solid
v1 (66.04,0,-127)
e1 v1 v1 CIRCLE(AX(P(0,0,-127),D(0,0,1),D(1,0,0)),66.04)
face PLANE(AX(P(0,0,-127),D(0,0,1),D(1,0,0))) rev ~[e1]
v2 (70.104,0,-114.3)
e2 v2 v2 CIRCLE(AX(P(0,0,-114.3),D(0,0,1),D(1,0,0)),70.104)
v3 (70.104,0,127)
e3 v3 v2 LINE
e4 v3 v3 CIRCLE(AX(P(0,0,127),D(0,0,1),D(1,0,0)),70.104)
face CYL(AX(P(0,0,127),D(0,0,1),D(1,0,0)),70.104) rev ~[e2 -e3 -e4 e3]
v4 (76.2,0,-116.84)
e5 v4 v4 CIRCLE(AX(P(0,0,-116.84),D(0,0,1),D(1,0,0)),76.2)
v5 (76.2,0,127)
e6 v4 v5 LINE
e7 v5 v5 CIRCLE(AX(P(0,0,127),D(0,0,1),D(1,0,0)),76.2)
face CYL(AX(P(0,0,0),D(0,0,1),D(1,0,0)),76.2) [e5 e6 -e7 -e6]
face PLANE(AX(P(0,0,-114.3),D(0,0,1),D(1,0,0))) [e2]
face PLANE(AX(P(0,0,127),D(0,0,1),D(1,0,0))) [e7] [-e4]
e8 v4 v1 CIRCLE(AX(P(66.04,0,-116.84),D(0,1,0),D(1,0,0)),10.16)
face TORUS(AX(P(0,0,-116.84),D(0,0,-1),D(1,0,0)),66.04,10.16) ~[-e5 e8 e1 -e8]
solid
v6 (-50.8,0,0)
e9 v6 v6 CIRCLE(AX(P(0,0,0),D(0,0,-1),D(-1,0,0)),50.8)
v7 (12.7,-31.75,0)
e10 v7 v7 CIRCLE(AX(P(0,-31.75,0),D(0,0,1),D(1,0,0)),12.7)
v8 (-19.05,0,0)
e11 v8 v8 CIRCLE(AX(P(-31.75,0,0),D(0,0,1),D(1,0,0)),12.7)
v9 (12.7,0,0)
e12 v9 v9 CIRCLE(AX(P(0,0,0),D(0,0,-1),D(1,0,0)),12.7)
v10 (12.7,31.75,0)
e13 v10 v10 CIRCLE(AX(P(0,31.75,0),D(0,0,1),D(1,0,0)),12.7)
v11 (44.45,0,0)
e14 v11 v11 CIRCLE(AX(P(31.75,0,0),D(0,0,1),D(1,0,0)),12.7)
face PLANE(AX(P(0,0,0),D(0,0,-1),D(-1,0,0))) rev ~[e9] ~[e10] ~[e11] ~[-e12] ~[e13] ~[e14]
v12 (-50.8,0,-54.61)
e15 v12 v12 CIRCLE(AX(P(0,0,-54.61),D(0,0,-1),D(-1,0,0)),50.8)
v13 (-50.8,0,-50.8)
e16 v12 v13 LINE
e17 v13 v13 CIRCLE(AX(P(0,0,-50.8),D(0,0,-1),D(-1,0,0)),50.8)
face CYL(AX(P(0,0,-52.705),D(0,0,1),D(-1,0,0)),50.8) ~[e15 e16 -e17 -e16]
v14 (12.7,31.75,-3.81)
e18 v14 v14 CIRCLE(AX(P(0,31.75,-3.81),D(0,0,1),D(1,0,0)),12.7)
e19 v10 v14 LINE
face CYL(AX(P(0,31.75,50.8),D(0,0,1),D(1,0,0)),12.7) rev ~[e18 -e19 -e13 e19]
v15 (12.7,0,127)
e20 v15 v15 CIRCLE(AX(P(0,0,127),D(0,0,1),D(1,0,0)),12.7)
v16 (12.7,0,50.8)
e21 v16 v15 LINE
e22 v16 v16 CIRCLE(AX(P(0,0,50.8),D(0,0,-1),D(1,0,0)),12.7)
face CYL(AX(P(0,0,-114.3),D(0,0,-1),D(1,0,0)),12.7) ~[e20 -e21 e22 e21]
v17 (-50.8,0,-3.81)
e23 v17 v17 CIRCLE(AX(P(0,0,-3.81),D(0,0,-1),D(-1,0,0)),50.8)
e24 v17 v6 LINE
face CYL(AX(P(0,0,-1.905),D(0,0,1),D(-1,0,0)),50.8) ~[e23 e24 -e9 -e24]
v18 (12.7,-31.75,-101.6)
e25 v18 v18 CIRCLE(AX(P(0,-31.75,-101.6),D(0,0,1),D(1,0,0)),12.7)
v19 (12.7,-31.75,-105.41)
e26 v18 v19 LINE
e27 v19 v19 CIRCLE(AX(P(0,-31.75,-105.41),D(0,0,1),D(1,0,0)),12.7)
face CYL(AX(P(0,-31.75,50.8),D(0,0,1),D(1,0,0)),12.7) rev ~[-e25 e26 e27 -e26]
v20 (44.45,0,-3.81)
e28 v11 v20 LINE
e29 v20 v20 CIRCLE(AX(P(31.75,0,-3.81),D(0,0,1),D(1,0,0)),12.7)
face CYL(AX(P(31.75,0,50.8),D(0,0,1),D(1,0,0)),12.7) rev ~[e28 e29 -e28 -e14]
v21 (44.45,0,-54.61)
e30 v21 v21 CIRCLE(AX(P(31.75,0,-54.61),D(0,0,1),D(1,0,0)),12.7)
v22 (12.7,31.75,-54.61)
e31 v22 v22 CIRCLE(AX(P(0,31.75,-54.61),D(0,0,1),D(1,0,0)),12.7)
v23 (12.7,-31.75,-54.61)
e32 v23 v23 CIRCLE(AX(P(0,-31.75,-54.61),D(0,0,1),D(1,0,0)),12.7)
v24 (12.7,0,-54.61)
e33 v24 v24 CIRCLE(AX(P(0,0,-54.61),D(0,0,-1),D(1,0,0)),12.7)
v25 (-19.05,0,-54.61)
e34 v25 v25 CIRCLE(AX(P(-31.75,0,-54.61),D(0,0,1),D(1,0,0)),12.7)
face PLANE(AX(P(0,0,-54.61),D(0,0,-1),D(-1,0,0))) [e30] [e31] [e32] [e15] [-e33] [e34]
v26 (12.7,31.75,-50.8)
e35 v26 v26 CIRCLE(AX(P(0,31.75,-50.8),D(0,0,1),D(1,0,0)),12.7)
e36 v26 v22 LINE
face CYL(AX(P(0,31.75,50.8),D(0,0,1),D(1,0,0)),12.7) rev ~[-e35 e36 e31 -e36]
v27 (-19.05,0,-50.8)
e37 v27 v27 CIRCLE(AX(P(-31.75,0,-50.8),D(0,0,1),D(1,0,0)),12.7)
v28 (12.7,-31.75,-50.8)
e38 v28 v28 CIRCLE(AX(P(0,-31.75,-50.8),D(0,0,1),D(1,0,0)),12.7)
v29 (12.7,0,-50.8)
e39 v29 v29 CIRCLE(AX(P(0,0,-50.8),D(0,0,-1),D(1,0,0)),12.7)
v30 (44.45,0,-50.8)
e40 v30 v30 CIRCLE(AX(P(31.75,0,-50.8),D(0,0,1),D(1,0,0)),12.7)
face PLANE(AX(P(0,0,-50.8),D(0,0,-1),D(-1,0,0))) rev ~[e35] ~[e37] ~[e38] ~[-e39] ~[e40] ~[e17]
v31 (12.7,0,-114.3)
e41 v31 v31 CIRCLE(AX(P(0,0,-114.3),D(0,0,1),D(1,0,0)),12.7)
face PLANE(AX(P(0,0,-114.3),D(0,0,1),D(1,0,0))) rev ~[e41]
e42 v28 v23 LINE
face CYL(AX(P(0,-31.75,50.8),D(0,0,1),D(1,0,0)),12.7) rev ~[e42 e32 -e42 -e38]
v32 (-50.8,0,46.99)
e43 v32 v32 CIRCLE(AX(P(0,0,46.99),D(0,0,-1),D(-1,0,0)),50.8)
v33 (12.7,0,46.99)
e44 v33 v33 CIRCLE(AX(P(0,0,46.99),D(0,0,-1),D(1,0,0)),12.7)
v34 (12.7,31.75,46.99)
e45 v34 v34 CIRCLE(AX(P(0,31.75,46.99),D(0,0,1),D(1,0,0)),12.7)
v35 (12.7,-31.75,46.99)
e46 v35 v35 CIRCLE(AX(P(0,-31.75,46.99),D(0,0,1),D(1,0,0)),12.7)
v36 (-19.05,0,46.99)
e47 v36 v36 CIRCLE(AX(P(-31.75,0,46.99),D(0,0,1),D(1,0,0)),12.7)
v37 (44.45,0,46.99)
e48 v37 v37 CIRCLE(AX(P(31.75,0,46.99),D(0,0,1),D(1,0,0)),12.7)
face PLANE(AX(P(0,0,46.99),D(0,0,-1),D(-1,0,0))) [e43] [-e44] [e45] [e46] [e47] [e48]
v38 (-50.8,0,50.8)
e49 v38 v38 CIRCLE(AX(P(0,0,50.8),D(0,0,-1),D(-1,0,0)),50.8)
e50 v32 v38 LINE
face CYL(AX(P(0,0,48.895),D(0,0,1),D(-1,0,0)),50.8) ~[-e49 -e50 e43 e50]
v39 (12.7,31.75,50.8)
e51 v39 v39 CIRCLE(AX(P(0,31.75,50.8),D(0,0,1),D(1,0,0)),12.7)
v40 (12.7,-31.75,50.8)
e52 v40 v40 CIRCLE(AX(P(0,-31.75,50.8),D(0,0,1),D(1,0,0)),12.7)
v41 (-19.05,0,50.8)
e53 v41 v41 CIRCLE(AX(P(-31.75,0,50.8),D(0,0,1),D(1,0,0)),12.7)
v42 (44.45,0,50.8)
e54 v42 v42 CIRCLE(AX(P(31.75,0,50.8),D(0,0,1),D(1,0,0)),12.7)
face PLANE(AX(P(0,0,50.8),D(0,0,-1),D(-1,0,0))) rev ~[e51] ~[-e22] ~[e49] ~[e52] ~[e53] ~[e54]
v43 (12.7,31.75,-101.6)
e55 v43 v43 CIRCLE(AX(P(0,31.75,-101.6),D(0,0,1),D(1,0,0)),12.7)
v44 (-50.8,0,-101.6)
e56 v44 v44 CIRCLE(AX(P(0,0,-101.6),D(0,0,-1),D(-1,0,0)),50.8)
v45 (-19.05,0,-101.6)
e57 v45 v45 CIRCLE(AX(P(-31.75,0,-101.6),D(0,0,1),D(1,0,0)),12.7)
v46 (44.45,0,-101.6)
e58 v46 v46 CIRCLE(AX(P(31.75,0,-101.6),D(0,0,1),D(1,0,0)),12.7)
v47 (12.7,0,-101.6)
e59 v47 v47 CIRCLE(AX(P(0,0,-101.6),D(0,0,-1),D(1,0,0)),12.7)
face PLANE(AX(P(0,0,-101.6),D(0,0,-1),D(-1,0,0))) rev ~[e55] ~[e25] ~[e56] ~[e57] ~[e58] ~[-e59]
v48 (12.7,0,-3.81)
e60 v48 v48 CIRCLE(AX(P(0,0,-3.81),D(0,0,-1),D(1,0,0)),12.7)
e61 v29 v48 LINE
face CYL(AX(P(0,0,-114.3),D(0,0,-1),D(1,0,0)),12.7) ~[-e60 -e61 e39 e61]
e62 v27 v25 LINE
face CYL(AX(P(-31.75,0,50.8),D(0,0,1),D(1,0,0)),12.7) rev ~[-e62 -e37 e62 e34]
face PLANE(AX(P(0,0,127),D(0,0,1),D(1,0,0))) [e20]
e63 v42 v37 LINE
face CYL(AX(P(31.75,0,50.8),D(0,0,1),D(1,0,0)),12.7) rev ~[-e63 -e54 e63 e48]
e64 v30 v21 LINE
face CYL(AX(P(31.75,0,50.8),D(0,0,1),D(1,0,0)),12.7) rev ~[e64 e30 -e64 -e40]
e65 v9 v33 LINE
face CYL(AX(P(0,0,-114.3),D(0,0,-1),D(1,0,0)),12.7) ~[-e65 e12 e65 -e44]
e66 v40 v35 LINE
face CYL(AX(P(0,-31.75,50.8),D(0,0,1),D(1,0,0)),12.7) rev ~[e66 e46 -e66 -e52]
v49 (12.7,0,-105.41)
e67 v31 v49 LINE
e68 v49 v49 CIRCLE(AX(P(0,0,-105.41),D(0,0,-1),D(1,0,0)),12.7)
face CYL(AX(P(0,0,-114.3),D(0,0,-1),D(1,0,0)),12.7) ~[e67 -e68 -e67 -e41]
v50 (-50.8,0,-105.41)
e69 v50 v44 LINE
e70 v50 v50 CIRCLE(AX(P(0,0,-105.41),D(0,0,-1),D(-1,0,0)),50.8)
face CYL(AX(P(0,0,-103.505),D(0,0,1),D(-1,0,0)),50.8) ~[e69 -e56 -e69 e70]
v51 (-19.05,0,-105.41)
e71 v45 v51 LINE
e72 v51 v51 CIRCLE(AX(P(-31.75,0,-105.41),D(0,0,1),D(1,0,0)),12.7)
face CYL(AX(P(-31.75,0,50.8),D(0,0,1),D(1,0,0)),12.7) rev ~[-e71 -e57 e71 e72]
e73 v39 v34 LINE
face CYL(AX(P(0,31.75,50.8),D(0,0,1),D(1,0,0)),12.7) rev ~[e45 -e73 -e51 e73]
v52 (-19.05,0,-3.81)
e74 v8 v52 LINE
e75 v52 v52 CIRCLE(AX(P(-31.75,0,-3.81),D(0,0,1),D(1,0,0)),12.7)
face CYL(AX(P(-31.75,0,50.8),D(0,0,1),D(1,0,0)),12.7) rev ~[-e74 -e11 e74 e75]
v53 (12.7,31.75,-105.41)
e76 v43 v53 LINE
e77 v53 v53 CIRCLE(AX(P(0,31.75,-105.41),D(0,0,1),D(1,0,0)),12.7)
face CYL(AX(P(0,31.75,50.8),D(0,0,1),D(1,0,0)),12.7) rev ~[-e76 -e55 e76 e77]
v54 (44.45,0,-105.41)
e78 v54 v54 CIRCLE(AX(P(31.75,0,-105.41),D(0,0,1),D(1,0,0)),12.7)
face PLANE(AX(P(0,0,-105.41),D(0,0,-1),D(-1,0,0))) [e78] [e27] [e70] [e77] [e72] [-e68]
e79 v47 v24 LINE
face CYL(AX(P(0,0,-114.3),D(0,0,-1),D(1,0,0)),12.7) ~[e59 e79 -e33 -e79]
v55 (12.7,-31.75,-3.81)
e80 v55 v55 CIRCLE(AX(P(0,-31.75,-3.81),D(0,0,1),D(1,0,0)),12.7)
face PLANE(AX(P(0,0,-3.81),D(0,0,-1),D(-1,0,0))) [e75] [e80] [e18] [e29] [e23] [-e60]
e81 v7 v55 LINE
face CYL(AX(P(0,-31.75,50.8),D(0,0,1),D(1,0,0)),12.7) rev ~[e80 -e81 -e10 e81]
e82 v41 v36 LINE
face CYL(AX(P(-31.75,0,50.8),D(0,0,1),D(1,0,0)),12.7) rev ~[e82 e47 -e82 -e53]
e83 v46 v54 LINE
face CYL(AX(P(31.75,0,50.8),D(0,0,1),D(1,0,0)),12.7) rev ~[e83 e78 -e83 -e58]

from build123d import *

# Parameters (mm, degrees)
F0_R      = 76.2
F1_DEPTH  = 127
F2_R      = 70.104
F3_DEPTH  = 241.3
F4_R      = 12.7
F5_DEPTH  = 241.3
F6_R      = 10.16
F7_W      = 50.8
F7_H      = 3.81
F9_R      = 12.7
F10_DEPTH = 177.8010001


with BuildPart() as f1:
    # F0 (on Top) → F1 (new body, symmetric)
    with BuildSketch(Plane.XY):
        Circle(F0_R)
    extrude(amount=F1_DEPTH, both=True)

    # F2 (on face) → F3 (cut)
    with BuildSketch(Plane.XY.offset(127)):
        Circle(F2_R)
    extrude(amount=-F3_DEPTH, mode=Mode.SUBTRACT)

    # F6
    f6_edges = [f1.edges().sort_by_distance(p)[0] for p in [
        (-76.2, 0, -127),
    ]]
    fillet(f6_edges, radius=F6_R)


with BuildPart() as f5:
    # F4 (on face) → F5 (new body)
    with BuildSketch(Plane.XY.offset(-114.3)):
        Circle(F4_R)
    extrude(amount=F5_DEPTH)

    # F7 (on Front) → F8 (revolve)
    with BuildSketch(Plane.XZ):
        with Locations((-25.4, 48.895)):
            Rectangle(F7_W, F7_H)
        with Locations((-25.4, -1.905)):
            Rectangle(F7_W, F7_H)
        with Locations((-25.4, -52.705)):
            Rectangle(F7_W, F7_H)
        with Locations((-25.4, -103.505)):
            Rectangle(F7_W, F7_H)
    revolve(axis=Axis((0, 0, 21.59), (0, 0, -1)))

    # F9 (on face) → F10 (cut, through all)
    with BuildSketch(Plane.XY.offset(50.8)):
        with Locations((0, 31.75)):
            Circle(F9_R)
        with Locations((-31.75, 0)):
            Circle(F9_R)
        with Locations((0, -31.75)):
            Circle(F9_R)
        with Locations((31.75, 0)):
            Circle(F9_R)
    extrude(amount=-F10_DEPTH, mode=Mode.SUBTRACT)


solid = Compound([f1.part, f5.part])
